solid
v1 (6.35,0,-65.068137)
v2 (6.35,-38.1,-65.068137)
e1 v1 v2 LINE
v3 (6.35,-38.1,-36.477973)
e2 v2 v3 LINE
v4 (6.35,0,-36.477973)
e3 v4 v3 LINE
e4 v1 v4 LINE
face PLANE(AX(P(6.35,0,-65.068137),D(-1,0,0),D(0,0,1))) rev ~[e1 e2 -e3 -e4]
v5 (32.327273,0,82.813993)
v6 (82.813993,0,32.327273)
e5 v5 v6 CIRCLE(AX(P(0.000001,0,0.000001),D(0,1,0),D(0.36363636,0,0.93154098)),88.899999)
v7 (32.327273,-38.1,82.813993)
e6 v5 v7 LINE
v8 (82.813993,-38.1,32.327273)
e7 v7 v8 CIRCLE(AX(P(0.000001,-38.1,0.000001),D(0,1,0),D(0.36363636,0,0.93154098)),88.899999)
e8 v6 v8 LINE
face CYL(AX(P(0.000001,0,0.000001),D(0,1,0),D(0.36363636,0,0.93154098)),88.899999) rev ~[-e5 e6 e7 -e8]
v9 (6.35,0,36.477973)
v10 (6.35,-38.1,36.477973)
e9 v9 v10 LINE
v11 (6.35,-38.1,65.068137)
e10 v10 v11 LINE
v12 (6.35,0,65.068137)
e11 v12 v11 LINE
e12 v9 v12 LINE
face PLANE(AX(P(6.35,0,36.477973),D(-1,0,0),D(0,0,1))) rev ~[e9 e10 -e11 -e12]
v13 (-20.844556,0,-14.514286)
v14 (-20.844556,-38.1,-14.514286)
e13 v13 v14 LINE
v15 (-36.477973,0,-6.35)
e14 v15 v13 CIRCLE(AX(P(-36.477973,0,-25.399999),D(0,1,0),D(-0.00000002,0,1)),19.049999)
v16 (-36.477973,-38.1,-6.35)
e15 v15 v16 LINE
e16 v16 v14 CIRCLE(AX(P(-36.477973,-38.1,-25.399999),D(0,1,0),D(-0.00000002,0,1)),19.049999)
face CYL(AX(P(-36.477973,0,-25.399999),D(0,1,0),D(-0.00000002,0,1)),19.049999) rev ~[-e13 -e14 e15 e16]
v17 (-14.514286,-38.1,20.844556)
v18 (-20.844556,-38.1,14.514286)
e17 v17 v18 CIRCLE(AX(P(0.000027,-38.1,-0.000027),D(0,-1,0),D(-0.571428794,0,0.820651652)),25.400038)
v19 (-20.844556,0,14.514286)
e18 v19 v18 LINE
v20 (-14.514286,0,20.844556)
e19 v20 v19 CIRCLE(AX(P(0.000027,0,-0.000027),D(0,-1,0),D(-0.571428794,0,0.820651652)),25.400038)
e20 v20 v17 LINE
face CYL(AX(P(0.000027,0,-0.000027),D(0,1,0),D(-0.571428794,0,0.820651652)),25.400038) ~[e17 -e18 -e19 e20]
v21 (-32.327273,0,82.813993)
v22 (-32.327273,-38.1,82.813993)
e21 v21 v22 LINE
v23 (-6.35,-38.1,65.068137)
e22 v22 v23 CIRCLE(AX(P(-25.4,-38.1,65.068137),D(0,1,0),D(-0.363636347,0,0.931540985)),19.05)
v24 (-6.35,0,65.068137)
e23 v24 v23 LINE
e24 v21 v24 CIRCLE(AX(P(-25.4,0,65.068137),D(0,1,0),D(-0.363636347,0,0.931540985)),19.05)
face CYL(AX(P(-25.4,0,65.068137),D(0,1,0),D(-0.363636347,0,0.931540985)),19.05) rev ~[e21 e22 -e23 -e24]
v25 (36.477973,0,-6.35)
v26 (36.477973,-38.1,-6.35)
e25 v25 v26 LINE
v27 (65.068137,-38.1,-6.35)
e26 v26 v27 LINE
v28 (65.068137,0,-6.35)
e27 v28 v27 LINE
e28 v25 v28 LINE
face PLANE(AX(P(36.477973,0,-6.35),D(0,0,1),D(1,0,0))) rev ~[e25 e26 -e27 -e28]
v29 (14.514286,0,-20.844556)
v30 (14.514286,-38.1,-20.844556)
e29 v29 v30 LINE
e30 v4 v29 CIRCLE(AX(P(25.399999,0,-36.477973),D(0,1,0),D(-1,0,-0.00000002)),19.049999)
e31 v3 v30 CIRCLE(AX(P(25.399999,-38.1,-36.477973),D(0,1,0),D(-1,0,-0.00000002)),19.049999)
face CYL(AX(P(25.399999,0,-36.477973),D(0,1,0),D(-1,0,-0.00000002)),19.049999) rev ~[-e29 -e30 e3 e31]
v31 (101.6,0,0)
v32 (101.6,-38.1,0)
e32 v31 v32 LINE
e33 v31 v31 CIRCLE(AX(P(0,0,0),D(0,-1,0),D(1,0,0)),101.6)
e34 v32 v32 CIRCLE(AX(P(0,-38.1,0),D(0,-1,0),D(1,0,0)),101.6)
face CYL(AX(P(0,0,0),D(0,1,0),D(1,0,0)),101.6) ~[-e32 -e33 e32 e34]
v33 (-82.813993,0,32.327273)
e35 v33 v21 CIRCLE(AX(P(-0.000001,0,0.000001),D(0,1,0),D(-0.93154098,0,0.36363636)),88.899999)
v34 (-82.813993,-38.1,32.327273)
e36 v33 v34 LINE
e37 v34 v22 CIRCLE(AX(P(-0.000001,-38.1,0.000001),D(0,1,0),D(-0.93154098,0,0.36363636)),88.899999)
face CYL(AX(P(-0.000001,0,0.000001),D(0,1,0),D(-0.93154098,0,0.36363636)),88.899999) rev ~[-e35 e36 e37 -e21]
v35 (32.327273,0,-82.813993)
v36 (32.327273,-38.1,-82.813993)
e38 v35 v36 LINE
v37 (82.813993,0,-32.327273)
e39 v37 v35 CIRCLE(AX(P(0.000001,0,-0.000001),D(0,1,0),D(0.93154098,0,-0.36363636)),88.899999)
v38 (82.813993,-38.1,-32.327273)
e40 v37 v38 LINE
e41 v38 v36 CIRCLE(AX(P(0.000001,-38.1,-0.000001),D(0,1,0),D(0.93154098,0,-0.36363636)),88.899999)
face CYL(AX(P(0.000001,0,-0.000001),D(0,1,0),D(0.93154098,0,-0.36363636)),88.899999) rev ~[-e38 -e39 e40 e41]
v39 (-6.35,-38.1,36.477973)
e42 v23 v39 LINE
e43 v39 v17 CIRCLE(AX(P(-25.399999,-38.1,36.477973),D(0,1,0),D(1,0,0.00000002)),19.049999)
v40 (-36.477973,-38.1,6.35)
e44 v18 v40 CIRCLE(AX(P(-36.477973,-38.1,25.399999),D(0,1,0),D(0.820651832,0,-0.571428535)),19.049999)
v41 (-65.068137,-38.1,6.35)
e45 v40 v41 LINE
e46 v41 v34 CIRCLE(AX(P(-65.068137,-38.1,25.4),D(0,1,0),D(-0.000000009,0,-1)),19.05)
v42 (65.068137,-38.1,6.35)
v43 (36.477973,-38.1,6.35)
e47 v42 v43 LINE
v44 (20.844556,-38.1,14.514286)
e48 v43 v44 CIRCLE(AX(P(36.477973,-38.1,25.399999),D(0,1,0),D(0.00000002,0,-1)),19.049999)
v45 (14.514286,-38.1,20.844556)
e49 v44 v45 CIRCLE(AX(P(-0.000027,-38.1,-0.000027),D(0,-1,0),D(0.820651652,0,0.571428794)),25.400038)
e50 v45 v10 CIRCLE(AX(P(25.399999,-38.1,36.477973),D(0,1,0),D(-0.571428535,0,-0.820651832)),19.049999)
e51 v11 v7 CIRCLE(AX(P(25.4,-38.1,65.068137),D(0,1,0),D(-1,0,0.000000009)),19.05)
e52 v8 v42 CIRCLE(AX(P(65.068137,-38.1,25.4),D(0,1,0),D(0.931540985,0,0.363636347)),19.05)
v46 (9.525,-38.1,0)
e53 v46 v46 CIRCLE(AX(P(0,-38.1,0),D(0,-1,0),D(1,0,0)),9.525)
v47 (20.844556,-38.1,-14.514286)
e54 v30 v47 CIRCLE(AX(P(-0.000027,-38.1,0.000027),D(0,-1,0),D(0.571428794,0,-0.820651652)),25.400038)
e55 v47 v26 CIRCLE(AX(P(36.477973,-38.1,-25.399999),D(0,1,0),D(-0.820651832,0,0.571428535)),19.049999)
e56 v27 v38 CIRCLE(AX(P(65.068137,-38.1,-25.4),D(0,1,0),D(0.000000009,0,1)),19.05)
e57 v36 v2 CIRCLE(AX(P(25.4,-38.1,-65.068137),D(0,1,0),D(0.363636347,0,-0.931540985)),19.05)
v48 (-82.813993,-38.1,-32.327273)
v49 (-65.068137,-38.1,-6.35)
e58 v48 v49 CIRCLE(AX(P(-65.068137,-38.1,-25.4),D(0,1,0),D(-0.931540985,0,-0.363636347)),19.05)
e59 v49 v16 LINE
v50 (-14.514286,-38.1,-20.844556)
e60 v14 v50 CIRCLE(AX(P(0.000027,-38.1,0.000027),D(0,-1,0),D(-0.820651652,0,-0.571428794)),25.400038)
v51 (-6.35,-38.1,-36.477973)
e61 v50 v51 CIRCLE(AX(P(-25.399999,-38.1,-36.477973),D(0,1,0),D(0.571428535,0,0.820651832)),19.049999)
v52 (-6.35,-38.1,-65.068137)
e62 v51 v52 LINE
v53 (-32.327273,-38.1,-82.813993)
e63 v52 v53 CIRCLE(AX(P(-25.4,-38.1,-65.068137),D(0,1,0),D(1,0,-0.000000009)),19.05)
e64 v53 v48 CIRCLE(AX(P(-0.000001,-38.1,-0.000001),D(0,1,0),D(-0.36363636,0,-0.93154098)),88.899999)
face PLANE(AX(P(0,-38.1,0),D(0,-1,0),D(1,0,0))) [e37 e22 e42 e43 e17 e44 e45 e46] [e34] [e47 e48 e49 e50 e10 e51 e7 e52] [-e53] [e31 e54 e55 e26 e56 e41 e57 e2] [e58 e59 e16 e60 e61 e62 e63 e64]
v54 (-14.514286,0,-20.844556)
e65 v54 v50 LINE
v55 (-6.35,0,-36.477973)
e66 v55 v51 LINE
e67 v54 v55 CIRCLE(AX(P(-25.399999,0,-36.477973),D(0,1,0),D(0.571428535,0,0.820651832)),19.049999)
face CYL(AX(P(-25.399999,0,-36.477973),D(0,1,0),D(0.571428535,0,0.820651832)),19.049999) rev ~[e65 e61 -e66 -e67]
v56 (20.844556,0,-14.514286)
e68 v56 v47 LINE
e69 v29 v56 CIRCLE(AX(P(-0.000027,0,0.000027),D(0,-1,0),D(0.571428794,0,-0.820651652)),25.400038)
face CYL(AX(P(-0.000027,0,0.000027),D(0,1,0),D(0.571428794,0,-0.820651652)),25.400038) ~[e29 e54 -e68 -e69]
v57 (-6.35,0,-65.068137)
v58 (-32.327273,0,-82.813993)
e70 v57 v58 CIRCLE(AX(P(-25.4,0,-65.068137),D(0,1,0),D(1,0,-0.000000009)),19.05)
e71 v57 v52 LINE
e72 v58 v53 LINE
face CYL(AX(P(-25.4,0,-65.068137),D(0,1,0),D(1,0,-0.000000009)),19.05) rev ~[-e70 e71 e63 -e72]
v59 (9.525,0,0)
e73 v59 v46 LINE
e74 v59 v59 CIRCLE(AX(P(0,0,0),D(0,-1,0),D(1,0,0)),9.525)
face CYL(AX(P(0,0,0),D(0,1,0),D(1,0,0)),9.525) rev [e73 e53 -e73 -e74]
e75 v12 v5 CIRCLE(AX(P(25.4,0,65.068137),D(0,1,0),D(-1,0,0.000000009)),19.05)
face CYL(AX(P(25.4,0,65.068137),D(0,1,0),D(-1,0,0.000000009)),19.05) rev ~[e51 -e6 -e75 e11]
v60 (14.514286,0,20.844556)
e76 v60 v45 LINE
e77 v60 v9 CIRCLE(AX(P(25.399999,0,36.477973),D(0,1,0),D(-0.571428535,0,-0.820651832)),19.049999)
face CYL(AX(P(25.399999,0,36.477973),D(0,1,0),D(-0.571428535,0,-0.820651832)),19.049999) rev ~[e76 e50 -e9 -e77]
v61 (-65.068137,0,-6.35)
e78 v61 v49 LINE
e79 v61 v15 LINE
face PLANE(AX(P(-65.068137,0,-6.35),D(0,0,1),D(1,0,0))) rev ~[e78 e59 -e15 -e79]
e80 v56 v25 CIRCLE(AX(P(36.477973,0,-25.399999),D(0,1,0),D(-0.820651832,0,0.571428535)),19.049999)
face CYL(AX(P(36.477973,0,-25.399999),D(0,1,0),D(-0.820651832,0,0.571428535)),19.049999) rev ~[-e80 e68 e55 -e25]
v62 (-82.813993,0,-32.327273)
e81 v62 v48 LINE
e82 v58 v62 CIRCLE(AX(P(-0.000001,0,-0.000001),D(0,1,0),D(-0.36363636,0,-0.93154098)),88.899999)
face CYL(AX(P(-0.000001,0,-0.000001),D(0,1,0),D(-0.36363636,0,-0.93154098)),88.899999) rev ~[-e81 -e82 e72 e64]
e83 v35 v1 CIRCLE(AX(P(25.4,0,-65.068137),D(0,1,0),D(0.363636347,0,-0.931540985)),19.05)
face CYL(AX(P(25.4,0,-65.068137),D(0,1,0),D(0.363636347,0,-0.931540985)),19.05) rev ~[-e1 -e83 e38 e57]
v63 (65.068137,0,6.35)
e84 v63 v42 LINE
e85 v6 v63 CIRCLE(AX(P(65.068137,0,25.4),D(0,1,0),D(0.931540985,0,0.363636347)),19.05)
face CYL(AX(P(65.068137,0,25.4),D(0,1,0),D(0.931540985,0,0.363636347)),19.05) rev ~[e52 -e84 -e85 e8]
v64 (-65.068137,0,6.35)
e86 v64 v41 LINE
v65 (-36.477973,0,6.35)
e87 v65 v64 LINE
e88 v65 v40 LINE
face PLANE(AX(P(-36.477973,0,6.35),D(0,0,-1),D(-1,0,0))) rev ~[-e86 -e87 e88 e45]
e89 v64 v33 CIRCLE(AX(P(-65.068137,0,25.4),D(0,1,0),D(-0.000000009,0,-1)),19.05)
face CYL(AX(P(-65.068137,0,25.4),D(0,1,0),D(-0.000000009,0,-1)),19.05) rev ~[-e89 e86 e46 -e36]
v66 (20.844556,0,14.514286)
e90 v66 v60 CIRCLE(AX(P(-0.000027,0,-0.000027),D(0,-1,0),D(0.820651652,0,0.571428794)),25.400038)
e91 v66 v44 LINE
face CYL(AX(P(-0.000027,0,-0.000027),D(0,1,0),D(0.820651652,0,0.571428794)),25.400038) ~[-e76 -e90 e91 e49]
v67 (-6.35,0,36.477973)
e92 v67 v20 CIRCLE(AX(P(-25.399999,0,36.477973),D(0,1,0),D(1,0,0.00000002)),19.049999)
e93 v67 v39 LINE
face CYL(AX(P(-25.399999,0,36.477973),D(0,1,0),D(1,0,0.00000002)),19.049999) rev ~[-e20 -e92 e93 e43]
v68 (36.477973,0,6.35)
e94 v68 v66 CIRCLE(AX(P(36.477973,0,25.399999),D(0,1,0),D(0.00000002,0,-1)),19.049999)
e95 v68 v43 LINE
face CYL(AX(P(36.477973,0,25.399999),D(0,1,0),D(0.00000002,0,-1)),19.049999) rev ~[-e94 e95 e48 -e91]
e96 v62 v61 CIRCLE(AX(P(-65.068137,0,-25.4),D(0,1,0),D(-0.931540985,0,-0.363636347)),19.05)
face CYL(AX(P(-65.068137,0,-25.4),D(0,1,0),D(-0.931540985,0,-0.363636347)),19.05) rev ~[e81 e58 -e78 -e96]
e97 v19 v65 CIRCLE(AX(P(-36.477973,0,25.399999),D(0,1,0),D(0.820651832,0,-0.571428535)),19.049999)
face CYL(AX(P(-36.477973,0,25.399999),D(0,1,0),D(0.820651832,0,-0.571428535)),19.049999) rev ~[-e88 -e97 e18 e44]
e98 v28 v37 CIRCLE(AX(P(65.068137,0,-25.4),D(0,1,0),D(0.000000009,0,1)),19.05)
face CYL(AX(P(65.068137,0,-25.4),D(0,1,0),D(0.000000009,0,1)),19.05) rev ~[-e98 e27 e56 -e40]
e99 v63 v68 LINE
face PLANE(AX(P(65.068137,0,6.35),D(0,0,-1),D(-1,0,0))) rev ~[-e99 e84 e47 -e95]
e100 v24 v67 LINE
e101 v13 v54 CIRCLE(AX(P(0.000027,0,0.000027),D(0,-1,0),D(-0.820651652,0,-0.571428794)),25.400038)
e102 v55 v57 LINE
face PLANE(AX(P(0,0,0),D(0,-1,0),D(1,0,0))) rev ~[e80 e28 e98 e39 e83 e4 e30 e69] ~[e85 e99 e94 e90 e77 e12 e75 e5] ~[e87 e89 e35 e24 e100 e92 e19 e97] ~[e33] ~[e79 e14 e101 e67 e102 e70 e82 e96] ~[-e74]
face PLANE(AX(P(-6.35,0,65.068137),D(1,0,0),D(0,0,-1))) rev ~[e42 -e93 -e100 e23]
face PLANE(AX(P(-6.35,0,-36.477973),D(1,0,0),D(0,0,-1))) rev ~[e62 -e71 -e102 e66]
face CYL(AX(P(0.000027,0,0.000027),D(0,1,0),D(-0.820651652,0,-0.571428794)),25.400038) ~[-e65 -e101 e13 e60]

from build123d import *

# Parameters (mm, degrees)
F0_R     = 101.6
F0_R_2   = 9.525
F1_DEPTH = 38.1


with BuildPart() as f1:
    # F0 (on Front) → F1 (new body)
    with BuildSketch(Plane.XZ):
        Circle(F0_R)
        with BuildLine():
            ThreePointArc((-32.327273, -82.813993), (-62.861793, -62.861793), (-82.813993, -32.327273))
            ThreePointArc((-82.813993, -32.327273), (-80.798157, -14.654351), (-65.068137, -6.35))
            Line((-65.068137, -6.35), (-36.477973, -6.35))
            ThreePointArc((-36.477973, -6.35), (-27.659536, -8.51398), (-20.844556, -14.514286))
            ThreePointArc((-20.844556, -14.514286), (-17.960512, -17.960512), (-14.514286, -20.844556))
            ThreePointArc((-14.514286, -20.844556), (-8.51398, -27.659536), (-6.35, -36.477973))
            Line((-6.35, -36.477973), (-6.35, -65.068137))
            ThreePointArc((-6.35, -65.068137), (-14.654351, -80.798157), (-32.327273, -82.813993))
        make_face(mode=Mode.SUBTRACT)
        Circle(F0_R_2, mode=Mode.SUBTRACT)
        with BuildLine():
            ThreePointArc((20.844556, -14.514286), (27.659536, -8.51398), (36.477973, -6.35))
            Line((36.477973, -6.35), (65.068137, -6.35))
            ThreePointArc((65.068137, -6.35), (80.798157, -14.654351), (82.813993, -32.327273))
            ThreePointArc((82.813993, -32.327273), (62.861793, -62.861793), (32.327273, -82.813993))
            ThreePointArc((32.327273, -82.813993), (14.654351, -80.798157), (6.35, -65.068137))
            Line((6.35, -65.068137), (6.35, -36.477973))
            ThreePointArc((6.35, -36.477973), (8.51398, -27.659536), (14.514286, -20.844556))
            ThreePointArc((14.514286, -20.844556), (17.960512, -17.960512), (20.844556, -14.514286))
        make_face(mode=Mode.SUBTRACT)
        with BuildLine():
            ThreePointArc((-65.068137, 6.35), (-80.798157, 14.654351), (-82.813993, 32.327273))
            ThreePointArc((-82.813993, 32.327273), (-62.861793, 62.861793), (-32.327273, 82.813993))
            ThreePointArc((-32.327273, 82.813993), (-14.654351, 80.798157), (-6.35, 65.068137))
            Line((-6.35, 65.068137), (-6.35, 36.477973))
            ThreePointArc((-6.35, 36.477973), (-8.51398, 27.659536), (-14.514286, 20.844556))
            ThreePointArc((-14.514286, 20.844556), (-17.960512, 17.960512), (-20.844556, 14.514286))
            ThreePointArc((-20.844556, 14.514286), (-27.659536, 8.51398), (-36.477973, 6.35))
            Line((-36.477973, 6.35), (-65.068137, 6.35))
        make_face(mode=Mode.SUBTRACT)
        with BuildLine():
            Line((6.35, 36.477973), (6.35, 65.068137))
            ThreePointArc((6.35, 65.068137), (14.654351, 80.798157), (32.327273, 82.813993))
            ThreePointArc((32.327273, 82.813993), (62.861793, 62.861793), (82.813993, 32.327273))
            ThreePointArc((82.813993, 32.327273), (80.798157, 14.654351), (65.068137, 6.35))
            Line((65.068137, 6.35), (36.477973, 6.35))
            ThreePointArc((36.477973, 6.35), (27.659536, 8.51398), (20.844556, 14.514286))
            ThreePointArc((20.844556, 14.514286), (17.960512, 17.960512), (14.514286, 20.844556))
            ThreePointArc((14.514286, 20.844556), (8.51398, 27.659536), (6.35, 36.477973))
        make_face(mode=Mode.SUBTRACT)
    extrude(amount=F1_DEPTH)


solid = f1.part
